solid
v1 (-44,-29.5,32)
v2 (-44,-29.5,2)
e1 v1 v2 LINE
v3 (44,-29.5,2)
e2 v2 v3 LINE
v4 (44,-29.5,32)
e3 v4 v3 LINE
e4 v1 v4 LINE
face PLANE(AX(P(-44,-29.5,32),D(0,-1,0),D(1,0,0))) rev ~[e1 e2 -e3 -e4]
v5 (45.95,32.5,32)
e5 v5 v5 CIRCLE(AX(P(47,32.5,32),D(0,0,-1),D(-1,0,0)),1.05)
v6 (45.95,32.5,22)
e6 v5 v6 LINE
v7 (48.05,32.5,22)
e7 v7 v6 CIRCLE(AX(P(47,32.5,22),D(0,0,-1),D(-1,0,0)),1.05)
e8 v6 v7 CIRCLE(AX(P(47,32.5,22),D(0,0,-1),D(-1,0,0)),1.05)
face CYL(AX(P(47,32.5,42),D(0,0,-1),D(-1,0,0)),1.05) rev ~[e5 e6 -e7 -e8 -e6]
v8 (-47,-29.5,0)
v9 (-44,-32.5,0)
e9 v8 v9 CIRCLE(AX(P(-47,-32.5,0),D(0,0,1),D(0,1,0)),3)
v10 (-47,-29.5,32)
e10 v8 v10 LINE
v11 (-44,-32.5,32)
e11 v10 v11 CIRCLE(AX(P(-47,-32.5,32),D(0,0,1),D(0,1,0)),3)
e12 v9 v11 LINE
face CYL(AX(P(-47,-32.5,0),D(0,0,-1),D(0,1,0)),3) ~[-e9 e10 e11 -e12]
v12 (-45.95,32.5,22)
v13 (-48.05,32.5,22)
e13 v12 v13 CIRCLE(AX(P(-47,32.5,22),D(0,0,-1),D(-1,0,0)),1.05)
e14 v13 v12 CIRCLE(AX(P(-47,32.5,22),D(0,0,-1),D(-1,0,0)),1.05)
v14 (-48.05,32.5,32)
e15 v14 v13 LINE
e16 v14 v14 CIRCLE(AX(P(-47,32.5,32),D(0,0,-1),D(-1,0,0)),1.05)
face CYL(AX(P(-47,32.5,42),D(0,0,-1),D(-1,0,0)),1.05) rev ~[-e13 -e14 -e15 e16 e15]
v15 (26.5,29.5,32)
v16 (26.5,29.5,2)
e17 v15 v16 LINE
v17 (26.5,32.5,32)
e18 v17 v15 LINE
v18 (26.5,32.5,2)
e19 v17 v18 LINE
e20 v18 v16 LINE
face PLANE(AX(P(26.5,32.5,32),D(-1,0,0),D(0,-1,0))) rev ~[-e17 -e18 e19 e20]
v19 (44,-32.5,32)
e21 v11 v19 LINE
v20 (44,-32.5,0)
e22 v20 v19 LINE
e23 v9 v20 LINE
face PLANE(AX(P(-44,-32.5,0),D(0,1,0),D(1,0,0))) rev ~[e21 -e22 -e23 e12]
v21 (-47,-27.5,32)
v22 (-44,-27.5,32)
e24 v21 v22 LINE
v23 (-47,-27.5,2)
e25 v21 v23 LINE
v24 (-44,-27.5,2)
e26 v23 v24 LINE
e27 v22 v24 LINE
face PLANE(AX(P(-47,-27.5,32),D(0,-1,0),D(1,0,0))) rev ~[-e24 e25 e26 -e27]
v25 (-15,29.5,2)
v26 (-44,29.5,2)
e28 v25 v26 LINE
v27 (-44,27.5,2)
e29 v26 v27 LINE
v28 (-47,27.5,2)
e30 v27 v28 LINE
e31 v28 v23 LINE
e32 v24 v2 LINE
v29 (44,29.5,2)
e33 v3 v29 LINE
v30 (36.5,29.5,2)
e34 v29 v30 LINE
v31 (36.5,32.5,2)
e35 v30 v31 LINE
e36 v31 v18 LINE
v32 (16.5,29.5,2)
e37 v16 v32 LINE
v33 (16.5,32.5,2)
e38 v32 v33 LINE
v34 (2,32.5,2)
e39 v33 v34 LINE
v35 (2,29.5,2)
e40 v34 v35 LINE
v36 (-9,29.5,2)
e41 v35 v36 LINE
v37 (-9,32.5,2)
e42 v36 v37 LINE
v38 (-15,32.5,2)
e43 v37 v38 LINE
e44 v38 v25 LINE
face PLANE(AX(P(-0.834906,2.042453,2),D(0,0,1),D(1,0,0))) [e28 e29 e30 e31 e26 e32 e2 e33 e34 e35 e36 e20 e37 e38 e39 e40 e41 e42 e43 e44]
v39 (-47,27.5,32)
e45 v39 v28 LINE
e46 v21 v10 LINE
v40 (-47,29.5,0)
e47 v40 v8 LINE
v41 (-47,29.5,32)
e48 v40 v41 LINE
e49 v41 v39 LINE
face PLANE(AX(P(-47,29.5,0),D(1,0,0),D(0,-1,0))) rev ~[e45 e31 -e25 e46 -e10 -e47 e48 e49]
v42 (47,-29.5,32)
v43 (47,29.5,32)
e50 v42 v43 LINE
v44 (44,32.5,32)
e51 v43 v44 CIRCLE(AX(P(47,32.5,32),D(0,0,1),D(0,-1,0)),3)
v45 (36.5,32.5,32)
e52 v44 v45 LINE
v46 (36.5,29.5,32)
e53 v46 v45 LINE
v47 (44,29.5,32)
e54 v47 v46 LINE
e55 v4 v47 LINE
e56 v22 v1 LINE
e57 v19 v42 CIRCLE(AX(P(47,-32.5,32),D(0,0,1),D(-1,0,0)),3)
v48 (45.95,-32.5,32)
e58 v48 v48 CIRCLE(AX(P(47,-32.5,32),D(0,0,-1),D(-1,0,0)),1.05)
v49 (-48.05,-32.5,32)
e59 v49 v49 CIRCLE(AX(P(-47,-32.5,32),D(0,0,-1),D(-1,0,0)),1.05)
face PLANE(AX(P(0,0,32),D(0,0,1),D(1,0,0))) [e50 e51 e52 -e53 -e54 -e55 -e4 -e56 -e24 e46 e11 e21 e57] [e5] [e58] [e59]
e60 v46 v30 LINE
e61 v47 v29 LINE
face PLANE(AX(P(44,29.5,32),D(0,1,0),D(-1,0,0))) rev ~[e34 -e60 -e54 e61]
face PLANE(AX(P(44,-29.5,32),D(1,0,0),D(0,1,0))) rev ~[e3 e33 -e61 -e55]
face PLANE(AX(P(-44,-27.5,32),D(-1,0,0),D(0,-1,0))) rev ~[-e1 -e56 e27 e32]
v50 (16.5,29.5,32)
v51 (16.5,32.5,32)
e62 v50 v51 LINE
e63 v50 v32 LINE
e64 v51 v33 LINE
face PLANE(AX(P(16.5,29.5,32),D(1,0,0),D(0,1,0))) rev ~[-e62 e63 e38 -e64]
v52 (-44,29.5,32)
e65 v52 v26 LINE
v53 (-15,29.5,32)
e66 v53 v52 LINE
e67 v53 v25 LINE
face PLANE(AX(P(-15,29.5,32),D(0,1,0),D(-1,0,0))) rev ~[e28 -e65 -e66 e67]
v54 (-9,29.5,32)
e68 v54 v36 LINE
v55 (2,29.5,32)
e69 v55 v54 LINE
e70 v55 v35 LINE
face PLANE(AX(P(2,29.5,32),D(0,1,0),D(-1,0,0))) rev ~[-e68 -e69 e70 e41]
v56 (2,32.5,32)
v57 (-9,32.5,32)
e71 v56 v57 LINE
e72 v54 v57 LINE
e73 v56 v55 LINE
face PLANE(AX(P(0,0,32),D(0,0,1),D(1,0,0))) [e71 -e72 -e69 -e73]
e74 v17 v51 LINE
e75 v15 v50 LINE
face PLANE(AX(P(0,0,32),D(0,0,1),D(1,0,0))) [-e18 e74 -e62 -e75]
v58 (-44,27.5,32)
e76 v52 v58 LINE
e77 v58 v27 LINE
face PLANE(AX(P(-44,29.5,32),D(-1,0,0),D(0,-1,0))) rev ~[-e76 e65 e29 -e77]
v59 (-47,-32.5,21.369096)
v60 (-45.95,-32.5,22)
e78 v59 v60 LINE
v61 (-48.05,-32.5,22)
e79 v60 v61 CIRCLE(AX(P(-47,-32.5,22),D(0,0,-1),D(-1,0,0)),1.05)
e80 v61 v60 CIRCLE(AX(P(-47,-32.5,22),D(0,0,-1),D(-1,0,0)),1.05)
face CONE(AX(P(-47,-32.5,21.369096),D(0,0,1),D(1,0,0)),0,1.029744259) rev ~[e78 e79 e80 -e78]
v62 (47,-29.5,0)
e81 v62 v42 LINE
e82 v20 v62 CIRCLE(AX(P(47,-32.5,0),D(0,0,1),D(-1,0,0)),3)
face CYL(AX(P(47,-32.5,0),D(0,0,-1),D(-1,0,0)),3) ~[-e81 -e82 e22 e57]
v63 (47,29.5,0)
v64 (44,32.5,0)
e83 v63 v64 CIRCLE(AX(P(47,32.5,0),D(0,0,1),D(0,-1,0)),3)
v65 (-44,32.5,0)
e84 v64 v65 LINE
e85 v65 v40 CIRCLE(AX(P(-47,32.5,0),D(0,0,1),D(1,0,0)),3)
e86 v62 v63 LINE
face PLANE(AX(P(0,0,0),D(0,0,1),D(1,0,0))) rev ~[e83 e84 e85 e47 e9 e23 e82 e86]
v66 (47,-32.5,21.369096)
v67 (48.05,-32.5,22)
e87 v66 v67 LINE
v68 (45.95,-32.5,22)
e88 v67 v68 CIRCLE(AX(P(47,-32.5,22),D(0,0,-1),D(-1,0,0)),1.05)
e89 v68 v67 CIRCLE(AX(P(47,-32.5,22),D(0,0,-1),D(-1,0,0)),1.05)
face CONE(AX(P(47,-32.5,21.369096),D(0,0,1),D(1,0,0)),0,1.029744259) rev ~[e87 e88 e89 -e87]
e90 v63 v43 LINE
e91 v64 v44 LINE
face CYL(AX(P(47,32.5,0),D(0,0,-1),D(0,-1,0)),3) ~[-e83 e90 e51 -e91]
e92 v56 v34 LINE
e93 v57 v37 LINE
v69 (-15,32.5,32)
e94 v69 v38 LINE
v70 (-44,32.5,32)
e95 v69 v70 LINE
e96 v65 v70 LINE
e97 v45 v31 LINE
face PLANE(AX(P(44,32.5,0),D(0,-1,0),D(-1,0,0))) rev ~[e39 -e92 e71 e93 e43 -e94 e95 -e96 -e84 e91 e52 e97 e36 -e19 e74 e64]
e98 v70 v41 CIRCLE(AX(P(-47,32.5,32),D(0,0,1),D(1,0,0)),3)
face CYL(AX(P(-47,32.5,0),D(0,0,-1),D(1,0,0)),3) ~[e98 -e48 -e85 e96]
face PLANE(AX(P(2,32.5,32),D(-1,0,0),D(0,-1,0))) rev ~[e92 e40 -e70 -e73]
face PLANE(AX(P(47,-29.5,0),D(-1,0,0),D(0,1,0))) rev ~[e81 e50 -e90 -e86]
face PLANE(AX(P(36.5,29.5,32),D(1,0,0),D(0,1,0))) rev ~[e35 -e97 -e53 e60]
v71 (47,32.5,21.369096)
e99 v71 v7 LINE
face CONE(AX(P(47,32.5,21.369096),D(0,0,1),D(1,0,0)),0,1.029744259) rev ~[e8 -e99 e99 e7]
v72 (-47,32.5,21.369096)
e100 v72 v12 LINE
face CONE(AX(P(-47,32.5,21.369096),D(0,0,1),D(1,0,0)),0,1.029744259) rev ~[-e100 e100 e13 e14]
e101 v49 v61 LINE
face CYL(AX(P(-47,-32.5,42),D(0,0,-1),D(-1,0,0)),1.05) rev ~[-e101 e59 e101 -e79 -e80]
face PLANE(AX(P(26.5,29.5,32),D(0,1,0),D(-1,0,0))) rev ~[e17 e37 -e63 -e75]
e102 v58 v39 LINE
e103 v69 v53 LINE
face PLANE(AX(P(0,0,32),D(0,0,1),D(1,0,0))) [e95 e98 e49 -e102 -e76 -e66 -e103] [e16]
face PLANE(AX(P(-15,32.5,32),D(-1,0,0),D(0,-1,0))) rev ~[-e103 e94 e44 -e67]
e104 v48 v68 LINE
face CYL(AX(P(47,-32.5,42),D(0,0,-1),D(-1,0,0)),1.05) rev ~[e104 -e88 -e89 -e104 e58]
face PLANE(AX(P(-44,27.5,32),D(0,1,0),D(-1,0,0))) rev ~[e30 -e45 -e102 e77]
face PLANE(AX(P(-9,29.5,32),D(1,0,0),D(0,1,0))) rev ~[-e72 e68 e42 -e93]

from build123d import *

# Parameters (mm, degrees)
F1_DEPTH = 32
F3_DEPTH = 30
F5_D     = 2.1
F5_DEPTH = 10
F5_TIP   = 0.63090365


with BuildPart() as f1:
    # F0 (on Top) → F1 (new body)
    with BuildSketch(Plane.XY):
        with BuildLine():
            Line((-44, -32.5), (44, -32.5))
            ThreePointArc((44, -32.5), (49.1213203436, -34.6213203436), (47, -29.5))
            Line((47, -29.5), (47, 29.5))
            ThreePointArc((47, 29.5), (49.1213203436, 34.6213203436), (44, 32.5))
            Line((44, 32.5), (-44, 32.5))
            ThreePointArc((-44, 32.5), (-49.1213203436, 34.6213203436), (-47, 29.5))
            Line((-47, 29.5), (-47, -29.5))
            ThreePointArc((-47, -29.5), (-49.1213203436, -34.6213203436), (-44, -32.5))
        make_face()
    extrude(amount=F1_DEPTH)

    # F2 (on face) → F3 (cut)
    with BuildSketch(Plane.XY.offset(32)):
        Polygon((44, -29.5), (44, 29.5), (36.5, 29.5), (36.5, 32.5), (26.5, 32.5), (26.5, 29.5), (16.5, 29.5), (16.5, 32.5), (2, 32.5), (2, 29.5), (-9, 29.5), (-9, 32.5), (-15, 32.5), (-15, 29.5), (-44, 29.5), (-44, 27.5), (-47, 27.5), (-47, -27.5), (-44, -27.5), (-44, -29.5), align=None)
    extrude(amount=-F3_DEPTH, mode=Mode.SUBTRACT)

    # F5
    with Locations(Plane.XY.offset(32)):
        with Locations((-47, 32.5), (47, 32.5), (47, -32.5), (-47, -32.5)):
            Hole(F5_D / 2, depth=F5_DEPTH)
            with Locations((0, 0, -(F5_DEPTH + F5_TIP / 2))):  # 118° drill point
                Cone(0, F5_D / 2, F5_TIP, mode=Mode.SUBTRACT)


solid = f1.part
